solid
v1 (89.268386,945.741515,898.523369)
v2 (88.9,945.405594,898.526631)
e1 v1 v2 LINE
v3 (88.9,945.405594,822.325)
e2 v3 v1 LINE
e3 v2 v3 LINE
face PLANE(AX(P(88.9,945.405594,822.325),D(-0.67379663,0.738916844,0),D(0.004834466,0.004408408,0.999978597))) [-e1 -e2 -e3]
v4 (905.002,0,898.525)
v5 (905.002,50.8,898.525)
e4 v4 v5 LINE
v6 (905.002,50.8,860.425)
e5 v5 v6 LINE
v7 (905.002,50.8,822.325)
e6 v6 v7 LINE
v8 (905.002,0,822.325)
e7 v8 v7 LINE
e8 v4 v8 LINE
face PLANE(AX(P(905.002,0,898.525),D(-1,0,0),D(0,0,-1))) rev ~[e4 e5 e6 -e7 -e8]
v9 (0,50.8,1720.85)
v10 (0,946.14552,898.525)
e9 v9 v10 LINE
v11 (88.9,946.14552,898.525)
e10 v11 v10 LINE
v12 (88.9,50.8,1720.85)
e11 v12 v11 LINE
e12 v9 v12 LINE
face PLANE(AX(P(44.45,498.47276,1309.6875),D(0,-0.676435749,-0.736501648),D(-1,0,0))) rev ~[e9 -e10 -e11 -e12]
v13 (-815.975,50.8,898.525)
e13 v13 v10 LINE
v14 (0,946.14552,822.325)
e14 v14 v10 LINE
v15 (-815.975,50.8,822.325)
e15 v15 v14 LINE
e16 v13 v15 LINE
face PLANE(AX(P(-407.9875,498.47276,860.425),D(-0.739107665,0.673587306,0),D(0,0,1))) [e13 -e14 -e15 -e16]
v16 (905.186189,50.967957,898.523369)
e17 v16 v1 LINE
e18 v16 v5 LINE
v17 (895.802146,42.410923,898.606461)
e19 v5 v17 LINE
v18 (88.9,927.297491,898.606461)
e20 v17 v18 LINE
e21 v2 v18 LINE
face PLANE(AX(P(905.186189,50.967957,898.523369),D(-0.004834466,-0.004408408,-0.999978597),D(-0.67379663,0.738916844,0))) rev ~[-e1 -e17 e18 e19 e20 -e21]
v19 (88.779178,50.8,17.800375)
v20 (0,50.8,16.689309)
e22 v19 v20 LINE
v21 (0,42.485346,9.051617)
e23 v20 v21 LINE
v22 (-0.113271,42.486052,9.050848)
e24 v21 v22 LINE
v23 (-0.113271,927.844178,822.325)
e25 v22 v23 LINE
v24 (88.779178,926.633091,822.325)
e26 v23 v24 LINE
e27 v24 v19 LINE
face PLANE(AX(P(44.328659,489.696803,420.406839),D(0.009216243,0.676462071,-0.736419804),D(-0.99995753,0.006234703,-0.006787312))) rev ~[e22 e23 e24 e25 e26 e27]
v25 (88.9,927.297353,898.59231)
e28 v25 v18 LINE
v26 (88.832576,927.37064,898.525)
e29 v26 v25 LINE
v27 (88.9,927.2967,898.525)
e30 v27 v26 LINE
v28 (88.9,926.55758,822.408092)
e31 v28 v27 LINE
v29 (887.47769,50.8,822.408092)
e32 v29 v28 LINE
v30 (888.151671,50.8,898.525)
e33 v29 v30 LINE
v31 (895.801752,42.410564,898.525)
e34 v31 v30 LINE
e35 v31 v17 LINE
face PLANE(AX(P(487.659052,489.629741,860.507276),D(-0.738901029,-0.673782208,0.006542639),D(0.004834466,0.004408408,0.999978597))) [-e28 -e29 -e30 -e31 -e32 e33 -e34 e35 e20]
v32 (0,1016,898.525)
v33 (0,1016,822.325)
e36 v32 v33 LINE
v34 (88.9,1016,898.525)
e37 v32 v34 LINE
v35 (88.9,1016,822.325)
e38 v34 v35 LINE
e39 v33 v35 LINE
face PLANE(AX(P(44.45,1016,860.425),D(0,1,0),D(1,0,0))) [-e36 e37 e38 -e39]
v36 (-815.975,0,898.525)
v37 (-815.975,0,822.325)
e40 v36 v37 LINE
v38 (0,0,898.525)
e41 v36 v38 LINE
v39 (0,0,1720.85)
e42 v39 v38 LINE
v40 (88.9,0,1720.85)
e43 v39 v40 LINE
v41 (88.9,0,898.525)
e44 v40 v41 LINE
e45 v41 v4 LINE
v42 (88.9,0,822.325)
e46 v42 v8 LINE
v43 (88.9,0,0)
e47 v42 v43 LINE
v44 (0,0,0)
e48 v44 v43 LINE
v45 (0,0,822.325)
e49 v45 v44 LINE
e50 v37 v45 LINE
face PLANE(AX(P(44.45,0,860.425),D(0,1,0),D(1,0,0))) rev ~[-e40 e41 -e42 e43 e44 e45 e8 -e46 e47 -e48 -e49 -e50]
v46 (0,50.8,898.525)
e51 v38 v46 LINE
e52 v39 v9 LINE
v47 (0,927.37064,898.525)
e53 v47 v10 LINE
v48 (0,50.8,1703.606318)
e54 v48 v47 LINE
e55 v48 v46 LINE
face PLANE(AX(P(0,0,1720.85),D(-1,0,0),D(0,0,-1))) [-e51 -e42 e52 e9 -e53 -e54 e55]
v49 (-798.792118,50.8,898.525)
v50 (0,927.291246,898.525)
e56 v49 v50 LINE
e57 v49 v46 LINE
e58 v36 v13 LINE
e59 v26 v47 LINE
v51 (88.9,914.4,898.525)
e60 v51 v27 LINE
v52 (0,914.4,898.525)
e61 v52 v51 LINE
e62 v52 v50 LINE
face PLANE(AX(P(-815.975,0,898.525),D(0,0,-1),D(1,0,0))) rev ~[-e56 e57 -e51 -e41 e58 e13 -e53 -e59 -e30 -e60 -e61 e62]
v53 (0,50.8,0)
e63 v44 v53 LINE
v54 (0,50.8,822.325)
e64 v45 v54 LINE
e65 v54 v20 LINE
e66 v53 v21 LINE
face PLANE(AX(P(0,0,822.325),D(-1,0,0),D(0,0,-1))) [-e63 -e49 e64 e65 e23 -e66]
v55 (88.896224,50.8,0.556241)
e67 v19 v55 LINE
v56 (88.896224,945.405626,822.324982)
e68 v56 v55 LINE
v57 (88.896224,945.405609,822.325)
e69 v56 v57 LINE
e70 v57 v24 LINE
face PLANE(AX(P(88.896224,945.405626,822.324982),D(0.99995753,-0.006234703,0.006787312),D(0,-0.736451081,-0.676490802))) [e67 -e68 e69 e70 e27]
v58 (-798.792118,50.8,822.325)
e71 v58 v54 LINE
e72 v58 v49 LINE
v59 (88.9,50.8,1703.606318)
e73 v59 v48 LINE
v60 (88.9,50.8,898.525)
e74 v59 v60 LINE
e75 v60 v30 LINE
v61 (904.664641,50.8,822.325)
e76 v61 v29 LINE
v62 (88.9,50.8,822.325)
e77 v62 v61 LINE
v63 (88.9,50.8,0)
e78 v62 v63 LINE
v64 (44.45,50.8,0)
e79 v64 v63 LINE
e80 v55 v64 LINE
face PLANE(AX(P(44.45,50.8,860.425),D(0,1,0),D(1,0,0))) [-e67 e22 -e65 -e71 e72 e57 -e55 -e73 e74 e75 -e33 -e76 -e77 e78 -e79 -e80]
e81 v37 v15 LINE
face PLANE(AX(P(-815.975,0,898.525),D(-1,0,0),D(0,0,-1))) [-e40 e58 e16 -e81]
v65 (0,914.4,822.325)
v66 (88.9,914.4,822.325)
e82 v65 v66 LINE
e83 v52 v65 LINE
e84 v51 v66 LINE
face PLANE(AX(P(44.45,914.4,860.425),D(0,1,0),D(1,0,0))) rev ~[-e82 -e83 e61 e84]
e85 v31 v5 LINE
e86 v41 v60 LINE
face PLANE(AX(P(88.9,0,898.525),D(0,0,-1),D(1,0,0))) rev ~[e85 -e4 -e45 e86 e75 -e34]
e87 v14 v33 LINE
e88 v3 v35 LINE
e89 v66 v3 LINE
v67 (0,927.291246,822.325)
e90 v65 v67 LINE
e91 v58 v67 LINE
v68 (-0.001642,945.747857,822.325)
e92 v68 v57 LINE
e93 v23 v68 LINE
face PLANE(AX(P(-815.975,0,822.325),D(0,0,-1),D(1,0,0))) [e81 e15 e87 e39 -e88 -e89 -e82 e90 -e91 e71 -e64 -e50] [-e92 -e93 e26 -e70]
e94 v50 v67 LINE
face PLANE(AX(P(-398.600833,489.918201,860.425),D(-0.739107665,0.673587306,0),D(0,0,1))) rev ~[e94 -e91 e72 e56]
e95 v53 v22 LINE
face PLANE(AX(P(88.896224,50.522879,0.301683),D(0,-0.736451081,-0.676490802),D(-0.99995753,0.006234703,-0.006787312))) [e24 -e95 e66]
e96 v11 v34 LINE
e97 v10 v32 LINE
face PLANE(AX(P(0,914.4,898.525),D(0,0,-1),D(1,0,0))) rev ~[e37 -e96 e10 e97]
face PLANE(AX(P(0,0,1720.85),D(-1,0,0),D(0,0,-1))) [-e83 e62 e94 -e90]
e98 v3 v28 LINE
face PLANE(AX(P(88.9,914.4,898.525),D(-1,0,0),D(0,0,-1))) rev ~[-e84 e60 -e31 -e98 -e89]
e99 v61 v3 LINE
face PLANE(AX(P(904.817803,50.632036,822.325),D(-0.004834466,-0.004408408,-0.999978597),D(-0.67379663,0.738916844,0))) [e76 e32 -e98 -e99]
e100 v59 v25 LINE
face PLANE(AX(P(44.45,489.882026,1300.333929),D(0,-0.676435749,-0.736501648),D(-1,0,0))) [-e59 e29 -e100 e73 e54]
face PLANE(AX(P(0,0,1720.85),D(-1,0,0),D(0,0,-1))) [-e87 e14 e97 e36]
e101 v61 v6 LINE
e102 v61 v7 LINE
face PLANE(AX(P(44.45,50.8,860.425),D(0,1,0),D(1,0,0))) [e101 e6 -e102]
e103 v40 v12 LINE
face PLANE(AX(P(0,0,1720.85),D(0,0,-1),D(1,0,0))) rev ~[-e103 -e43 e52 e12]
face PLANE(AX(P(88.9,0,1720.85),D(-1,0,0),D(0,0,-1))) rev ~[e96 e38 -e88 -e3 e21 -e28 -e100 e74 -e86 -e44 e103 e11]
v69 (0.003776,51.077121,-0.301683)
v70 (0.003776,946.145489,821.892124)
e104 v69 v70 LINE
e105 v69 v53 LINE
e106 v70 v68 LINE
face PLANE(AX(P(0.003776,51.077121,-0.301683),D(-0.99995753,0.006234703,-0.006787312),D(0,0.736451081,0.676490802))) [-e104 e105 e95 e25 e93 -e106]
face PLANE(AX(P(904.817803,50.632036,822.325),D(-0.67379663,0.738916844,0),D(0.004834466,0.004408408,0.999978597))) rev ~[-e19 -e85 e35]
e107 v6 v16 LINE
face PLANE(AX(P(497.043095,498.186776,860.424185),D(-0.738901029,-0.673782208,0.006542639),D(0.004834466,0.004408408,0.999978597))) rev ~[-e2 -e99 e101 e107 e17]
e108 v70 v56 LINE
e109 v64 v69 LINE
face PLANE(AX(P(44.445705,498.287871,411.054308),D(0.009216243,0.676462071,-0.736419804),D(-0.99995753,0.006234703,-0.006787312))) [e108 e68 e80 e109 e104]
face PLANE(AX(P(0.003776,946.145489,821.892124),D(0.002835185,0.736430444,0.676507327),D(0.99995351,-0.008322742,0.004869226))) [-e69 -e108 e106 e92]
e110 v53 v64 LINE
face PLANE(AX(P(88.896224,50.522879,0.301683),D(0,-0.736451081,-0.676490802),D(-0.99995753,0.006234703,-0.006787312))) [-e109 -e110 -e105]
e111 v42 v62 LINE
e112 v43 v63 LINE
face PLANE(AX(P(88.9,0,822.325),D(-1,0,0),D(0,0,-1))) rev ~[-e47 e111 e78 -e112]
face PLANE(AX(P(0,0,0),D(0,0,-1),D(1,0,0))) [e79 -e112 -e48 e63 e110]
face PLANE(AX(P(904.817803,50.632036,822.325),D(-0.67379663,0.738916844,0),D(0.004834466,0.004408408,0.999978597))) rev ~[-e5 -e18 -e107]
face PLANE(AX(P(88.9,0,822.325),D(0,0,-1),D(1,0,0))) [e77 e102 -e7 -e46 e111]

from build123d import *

# Parameters (mm, degrees)
SKETCH1_W           = 88.9
SKETCH1_H           = 1720.85
SKETCH1_W_2         = 815.975
SKETCH1_H_2         = 76.2
SKETCH1_W_3         = 816.102
BOSS_EXTRUDE1_DEPTH = 50.8
SKETCH2_W           = 88.9
SKETCH2_H           = 76.2
BOSS_EXTRUDE2_DEPTH = 101.6
SKETCH11_W          = 76.200000018
SKETCH11_H          = 1210.925919092
BOSS_EXTRUDE6_DEPTH = 12.7
SKETCH12_W          = 88.9
SKETCH12_H          = 1215.673478613
BOSS_EXTRUDE7_DEPTH = 12.7
SKETCH13_W          = 76.2
SKETCH13_H          = 1211.38713944
BOSS_EXTRUDE8_DEPTH = 12.7
BOSS_EXTRUDE9_DEPTH = 12.7


with BuildPart() as part:
    # Sketch1 → Boss-Extrude1 (new body)
    with BuildSketch(Plane(origin=(0, 0, 0), x_dir=(1, 0, 0), z_dir=(0, 1, 0))):
        with Locations((44.45, -860.425)):
            Rectangle(SKETCH1_W, SKETCH1_H)
        with Locations((-407.9875, -860.425)):
            Rectangle(SKETCH1_W_2, SKETCH1_H_2)
        with Locations((496.951, -860.425)):
            Rectangle(SKETCH1_W_3, SKETCH1_H_2)
    extrude(amount=BOSS_EXTRUDE1_DEPTH)



with BuildPart() as body_2:
    # Sketch2 → Boss-Extrude2 (new body)
    with BuildSketch(Plane(origin=(0, 914.4, 0), x_dir=(1, 0, 0), z_dir=(0, 1, 0))):
        with Locations((44.45, -860.425)):
            Rectangle(SKETCH2_W, SKETCH2_H)
    extrude(amount=BOSS_EXTRUDE2_DEPTH)


with BuildPart() as part_1:
    add(part.part)

    add(body_2.part)  # Boss-Extrude6 merges body 2
    # Sketch11 → Boss-Extrude6 (add)
    with BuildSketch(Plane(origin=(515.239820979, 469.832103155, -4.562218888), x_dir=(0.004834466277190451, 0.004408408213341139, 0.9999785967073692), z_dir=(-0.7389010285363795, -0.6737822080618631, 0.006542639158684001))):
        with Locations((865.004917385, 33.212637894)):
            Rectangle(SKETCH11_W, SKETCH11_H)
    extrude(amount=BOSS_EXTRUDE6_DEPTH)

    # Sketch12 → Boss-Extrude7 (add)
    with BuildSketch(Plane(origin=(0, 880.564980502, 958.757073848), x_dir=(-1, 0, 0), z_dir=(0, -0.6764357489630263, -0.7365016480122972))):
        with Locations((-44.45, -518.793435578)):
            Rectangle(SKETCH12_W, SKETCH12_H)
    extrude(amount=BOSS_EXTRUDE7_DEPTH)

    # Sketch13 → Boss-Extrude8 (add)
    with BuildSketch(Plane(origin=(-471.041897908, 429.285012176, 0), x_dir=(0, 0, 1), z_dir=(-0.7391076653302462, 0.6735873061824078, 0))):
        with Locations((860.425, 93.609836957)):
            Rectangle(SKETCH13_W, SKETCH13_H)
    extrude(amount=-BOSS_EXTRUDE8_DEPTH)

    # Sketch14 → Boss-Extrude9 (add)
    with BuildSketch(Plane(origin=(0.320485024, 23.523248222, -25.60821453), x_dir=(-0.9999575295340857, 0.006234703363140706, -0.006787311843563117), z_dir=(0.009216242623115463, 0.6764620710773515, -0.7364198036892085))):
        Polygon((-88.579501445, 37.41171492), (0.316722931, 37.41171492), (0.316722931, 1252.792330393), (-88.579501445, 1252.540281398), align=None)
    extrude(amount=-BOSS_EXTRUDE9_DEPTH)


solid = part_1.part
